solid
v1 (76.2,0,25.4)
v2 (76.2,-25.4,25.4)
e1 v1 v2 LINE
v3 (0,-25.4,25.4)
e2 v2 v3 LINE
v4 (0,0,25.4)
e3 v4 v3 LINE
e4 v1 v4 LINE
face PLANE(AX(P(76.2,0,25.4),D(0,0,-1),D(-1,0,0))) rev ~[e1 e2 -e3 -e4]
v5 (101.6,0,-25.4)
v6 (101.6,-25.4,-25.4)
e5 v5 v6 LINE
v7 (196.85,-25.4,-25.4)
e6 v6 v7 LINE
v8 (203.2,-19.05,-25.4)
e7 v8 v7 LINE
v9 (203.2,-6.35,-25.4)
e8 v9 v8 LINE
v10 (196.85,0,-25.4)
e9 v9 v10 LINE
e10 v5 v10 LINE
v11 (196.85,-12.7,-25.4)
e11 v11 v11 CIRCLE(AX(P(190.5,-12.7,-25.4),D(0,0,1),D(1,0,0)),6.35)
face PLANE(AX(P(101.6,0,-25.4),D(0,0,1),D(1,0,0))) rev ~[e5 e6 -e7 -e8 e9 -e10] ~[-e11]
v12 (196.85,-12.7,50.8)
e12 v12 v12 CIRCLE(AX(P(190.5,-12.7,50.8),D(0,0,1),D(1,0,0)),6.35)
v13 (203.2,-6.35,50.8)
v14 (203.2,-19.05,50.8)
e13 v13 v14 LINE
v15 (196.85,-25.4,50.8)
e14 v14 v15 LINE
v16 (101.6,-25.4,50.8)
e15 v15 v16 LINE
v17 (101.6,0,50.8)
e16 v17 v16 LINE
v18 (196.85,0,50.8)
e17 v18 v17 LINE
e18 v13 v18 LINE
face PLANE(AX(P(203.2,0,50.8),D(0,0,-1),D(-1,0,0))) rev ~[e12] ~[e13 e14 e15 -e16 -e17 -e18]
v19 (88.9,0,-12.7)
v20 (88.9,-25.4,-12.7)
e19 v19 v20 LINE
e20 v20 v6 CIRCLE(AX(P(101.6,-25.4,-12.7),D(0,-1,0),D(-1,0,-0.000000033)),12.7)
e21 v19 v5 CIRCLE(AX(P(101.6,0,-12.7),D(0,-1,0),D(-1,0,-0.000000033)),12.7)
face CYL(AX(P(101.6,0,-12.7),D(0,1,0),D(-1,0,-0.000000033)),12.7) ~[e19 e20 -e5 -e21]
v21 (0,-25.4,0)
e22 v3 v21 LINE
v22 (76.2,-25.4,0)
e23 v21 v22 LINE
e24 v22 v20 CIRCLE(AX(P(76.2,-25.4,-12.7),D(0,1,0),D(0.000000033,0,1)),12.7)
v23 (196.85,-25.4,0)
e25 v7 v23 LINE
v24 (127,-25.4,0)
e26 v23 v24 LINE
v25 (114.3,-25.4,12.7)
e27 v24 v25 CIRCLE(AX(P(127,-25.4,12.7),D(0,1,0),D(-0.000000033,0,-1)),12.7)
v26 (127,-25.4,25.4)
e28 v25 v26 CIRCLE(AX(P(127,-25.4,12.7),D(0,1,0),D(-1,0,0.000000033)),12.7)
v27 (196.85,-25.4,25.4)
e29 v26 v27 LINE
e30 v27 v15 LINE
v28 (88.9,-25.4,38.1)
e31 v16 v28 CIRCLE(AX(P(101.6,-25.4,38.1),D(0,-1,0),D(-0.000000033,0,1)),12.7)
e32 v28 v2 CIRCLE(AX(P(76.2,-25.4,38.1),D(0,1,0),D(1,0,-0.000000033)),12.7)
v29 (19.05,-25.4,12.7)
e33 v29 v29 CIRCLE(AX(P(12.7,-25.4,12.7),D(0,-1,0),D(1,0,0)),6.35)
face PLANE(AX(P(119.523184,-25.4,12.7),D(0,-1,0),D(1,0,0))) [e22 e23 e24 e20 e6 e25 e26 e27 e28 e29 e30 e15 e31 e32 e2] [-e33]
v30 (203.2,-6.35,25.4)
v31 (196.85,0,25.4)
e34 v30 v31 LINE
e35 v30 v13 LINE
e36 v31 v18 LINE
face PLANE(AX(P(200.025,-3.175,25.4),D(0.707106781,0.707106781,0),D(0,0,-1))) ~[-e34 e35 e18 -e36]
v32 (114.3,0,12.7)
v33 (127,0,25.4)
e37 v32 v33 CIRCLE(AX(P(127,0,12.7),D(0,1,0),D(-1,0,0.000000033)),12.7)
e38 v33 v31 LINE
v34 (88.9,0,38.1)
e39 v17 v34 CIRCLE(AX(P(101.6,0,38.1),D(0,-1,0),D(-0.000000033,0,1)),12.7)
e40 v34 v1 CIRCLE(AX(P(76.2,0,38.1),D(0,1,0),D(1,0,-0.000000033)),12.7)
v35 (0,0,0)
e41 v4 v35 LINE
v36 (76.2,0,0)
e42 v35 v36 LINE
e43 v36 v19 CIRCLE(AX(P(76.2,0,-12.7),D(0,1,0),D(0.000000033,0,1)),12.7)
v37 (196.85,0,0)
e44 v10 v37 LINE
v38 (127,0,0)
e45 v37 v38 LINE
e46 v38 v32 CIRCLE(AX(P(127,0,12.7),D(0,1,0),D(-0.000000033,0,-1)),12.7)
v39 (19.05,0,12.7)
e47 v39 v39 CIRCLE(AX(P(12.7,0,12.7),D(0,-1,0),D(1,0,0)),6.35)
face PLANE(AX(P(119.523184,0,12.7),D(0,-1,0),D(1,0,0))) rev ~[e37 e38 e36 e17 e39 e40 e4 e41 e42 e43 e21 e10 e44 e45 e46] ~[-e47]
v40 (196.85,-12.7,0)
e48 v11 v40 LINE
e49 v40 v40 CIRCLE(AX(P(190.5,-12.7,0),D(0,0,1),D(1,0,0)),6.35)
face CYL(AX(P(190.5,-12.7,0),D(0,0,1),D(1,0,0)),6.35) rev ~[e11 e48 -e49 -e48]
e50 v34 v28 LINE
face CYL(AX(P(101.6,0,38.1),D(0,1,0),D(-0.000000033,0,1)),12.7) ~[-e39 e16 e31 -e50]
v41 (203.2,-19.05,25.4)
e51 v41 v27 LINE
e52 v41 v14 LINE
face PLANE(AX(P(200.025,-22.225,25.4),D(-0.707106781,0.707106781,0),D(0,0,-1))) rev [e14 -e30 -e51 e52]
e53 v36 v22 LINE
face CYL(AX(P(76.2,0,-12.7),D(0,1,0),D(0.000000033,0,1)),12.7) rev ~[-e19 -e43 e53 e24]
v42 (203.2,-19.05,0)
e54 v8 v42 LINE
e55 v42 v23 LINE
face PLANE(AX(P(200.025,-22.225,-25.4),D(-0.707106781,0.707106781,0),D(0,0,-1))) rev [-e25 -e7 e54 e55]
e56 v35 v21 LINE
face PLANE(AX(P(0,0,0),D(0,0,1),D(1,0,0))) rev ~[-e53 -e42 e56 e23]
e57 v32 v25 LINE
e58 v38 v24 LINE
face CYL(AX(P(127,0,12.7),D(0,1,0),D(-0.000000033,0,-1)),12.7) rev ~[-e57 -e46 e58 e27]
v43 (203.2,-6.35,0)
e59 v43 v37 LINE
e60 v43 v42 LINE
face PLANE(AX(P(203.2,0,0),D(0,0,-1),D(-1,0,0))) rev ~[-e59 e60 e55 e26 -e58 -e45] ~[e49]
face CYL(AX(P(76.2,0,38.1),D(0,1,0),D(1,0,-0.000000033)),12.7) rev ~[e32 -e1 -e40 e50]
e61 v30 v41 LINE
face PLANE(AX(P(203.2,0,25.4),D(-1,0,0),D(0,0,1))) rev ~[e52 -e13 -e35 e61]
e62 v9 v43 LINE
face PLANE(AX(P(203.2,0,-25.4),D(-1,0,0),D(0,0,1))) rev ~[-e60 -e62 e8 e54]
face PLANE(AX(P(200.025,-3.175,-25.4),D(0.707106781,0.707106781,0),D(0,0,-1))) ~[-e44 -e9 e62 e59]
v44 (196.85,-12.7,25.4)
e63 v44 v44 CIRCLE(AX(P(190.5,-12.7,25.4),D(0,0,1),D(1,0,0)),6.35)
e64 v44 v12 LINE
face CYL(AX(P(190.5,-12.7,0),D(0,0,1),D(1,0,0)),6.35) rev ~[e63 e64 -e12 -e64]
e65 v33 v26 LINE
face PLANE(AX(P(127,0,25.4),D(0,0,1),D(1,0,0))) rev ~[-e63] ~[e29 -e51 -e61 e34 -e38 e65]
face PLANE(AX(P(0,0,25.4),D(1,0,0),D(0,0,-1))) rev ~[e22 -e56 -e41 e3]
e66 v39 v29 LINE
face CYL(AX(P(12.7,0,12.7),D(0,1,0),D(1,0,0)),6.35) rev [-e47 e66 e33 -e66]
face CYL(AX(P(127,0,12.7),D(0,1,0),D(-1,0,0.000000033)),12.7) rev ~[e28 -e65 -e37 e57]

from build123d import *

# Parameters (mm, degrees)
F0_R     = 6.35
F2_DEPTH = 25.4
F3_SIZE2 = 6.35
F3_SIZE  = 6.35
F1_R     = 6.35
F4_DEPTH = 127


with BuildPart() as f2:
    # F0 (on Front) → F2 (new body)
    with BuildSketch(Plane.XZ):
        with BuildLine():
            Line((0, 25.4), (0, 0))
            Line((0, 0), (76.2, 0))
            ThreePointArc((76.2, 0), (85.180256, -3.719744), (88.9, -12.7))
            ThreePointArc((88.9, -12.7), (92.619744, -21.680256), (101.6, -25.4))
            Line((101.6, -25.4), (203.2, -25.4))
            Line((203.2, -25.4), (203.2, 0))
            Line((203.2, 0), (127, 0))
            ThreePointArc((127, 0), (118.019744, 3.719744), (114.3, 12.7))
            ThreePointArc((114.3, 12.7), (118.019744, 21.680256), (127, 25.4))
            Line((127, 25.4), (203.2, 25.4))
            Line((203.2, 25.4), (203.2, 50.8))
            Line((203.2, 50.8), (101.6, 50.8))
            ThreePointArc((101.6, 50.8), (92.619744, 47.080256), (88.9, 38.1))
            ThreePointArc((88.9, 38.1), (85.180256, 29.119744), (76.2, 25.4))
            Line((76.2, 25.4), (0, 25.4))
        make_face()
        with Locations((12.7, 12.7)):
            Circle(F0_R, mode=Mode.SUBTRACT)
    extrude(amount=F2_DEPTH)

    # F3
    f3_edges = [f2.edges().sort_by_distance(p)[0] for p in [
        (203.2, -25.4, 38.1),
        (203.2, -25.4, -12.7),
        (203.2, 0, -12.7),
        (203.2, 0, 38.1),
    ]]
    chamfer(f3_edges, length=F3_SIZE, length2=F3_SIZE2)

    # F1 (on Top) → F4 (cut, symmetric)
    with BuildSketch(Plane.XY):
        with Locations((190.5, -12.7)):
            Circle(F1_R)
    extrude(amount=F4_DEPTH, both=True, mode=Mode.SUBTRACT)


solid = f2.part
